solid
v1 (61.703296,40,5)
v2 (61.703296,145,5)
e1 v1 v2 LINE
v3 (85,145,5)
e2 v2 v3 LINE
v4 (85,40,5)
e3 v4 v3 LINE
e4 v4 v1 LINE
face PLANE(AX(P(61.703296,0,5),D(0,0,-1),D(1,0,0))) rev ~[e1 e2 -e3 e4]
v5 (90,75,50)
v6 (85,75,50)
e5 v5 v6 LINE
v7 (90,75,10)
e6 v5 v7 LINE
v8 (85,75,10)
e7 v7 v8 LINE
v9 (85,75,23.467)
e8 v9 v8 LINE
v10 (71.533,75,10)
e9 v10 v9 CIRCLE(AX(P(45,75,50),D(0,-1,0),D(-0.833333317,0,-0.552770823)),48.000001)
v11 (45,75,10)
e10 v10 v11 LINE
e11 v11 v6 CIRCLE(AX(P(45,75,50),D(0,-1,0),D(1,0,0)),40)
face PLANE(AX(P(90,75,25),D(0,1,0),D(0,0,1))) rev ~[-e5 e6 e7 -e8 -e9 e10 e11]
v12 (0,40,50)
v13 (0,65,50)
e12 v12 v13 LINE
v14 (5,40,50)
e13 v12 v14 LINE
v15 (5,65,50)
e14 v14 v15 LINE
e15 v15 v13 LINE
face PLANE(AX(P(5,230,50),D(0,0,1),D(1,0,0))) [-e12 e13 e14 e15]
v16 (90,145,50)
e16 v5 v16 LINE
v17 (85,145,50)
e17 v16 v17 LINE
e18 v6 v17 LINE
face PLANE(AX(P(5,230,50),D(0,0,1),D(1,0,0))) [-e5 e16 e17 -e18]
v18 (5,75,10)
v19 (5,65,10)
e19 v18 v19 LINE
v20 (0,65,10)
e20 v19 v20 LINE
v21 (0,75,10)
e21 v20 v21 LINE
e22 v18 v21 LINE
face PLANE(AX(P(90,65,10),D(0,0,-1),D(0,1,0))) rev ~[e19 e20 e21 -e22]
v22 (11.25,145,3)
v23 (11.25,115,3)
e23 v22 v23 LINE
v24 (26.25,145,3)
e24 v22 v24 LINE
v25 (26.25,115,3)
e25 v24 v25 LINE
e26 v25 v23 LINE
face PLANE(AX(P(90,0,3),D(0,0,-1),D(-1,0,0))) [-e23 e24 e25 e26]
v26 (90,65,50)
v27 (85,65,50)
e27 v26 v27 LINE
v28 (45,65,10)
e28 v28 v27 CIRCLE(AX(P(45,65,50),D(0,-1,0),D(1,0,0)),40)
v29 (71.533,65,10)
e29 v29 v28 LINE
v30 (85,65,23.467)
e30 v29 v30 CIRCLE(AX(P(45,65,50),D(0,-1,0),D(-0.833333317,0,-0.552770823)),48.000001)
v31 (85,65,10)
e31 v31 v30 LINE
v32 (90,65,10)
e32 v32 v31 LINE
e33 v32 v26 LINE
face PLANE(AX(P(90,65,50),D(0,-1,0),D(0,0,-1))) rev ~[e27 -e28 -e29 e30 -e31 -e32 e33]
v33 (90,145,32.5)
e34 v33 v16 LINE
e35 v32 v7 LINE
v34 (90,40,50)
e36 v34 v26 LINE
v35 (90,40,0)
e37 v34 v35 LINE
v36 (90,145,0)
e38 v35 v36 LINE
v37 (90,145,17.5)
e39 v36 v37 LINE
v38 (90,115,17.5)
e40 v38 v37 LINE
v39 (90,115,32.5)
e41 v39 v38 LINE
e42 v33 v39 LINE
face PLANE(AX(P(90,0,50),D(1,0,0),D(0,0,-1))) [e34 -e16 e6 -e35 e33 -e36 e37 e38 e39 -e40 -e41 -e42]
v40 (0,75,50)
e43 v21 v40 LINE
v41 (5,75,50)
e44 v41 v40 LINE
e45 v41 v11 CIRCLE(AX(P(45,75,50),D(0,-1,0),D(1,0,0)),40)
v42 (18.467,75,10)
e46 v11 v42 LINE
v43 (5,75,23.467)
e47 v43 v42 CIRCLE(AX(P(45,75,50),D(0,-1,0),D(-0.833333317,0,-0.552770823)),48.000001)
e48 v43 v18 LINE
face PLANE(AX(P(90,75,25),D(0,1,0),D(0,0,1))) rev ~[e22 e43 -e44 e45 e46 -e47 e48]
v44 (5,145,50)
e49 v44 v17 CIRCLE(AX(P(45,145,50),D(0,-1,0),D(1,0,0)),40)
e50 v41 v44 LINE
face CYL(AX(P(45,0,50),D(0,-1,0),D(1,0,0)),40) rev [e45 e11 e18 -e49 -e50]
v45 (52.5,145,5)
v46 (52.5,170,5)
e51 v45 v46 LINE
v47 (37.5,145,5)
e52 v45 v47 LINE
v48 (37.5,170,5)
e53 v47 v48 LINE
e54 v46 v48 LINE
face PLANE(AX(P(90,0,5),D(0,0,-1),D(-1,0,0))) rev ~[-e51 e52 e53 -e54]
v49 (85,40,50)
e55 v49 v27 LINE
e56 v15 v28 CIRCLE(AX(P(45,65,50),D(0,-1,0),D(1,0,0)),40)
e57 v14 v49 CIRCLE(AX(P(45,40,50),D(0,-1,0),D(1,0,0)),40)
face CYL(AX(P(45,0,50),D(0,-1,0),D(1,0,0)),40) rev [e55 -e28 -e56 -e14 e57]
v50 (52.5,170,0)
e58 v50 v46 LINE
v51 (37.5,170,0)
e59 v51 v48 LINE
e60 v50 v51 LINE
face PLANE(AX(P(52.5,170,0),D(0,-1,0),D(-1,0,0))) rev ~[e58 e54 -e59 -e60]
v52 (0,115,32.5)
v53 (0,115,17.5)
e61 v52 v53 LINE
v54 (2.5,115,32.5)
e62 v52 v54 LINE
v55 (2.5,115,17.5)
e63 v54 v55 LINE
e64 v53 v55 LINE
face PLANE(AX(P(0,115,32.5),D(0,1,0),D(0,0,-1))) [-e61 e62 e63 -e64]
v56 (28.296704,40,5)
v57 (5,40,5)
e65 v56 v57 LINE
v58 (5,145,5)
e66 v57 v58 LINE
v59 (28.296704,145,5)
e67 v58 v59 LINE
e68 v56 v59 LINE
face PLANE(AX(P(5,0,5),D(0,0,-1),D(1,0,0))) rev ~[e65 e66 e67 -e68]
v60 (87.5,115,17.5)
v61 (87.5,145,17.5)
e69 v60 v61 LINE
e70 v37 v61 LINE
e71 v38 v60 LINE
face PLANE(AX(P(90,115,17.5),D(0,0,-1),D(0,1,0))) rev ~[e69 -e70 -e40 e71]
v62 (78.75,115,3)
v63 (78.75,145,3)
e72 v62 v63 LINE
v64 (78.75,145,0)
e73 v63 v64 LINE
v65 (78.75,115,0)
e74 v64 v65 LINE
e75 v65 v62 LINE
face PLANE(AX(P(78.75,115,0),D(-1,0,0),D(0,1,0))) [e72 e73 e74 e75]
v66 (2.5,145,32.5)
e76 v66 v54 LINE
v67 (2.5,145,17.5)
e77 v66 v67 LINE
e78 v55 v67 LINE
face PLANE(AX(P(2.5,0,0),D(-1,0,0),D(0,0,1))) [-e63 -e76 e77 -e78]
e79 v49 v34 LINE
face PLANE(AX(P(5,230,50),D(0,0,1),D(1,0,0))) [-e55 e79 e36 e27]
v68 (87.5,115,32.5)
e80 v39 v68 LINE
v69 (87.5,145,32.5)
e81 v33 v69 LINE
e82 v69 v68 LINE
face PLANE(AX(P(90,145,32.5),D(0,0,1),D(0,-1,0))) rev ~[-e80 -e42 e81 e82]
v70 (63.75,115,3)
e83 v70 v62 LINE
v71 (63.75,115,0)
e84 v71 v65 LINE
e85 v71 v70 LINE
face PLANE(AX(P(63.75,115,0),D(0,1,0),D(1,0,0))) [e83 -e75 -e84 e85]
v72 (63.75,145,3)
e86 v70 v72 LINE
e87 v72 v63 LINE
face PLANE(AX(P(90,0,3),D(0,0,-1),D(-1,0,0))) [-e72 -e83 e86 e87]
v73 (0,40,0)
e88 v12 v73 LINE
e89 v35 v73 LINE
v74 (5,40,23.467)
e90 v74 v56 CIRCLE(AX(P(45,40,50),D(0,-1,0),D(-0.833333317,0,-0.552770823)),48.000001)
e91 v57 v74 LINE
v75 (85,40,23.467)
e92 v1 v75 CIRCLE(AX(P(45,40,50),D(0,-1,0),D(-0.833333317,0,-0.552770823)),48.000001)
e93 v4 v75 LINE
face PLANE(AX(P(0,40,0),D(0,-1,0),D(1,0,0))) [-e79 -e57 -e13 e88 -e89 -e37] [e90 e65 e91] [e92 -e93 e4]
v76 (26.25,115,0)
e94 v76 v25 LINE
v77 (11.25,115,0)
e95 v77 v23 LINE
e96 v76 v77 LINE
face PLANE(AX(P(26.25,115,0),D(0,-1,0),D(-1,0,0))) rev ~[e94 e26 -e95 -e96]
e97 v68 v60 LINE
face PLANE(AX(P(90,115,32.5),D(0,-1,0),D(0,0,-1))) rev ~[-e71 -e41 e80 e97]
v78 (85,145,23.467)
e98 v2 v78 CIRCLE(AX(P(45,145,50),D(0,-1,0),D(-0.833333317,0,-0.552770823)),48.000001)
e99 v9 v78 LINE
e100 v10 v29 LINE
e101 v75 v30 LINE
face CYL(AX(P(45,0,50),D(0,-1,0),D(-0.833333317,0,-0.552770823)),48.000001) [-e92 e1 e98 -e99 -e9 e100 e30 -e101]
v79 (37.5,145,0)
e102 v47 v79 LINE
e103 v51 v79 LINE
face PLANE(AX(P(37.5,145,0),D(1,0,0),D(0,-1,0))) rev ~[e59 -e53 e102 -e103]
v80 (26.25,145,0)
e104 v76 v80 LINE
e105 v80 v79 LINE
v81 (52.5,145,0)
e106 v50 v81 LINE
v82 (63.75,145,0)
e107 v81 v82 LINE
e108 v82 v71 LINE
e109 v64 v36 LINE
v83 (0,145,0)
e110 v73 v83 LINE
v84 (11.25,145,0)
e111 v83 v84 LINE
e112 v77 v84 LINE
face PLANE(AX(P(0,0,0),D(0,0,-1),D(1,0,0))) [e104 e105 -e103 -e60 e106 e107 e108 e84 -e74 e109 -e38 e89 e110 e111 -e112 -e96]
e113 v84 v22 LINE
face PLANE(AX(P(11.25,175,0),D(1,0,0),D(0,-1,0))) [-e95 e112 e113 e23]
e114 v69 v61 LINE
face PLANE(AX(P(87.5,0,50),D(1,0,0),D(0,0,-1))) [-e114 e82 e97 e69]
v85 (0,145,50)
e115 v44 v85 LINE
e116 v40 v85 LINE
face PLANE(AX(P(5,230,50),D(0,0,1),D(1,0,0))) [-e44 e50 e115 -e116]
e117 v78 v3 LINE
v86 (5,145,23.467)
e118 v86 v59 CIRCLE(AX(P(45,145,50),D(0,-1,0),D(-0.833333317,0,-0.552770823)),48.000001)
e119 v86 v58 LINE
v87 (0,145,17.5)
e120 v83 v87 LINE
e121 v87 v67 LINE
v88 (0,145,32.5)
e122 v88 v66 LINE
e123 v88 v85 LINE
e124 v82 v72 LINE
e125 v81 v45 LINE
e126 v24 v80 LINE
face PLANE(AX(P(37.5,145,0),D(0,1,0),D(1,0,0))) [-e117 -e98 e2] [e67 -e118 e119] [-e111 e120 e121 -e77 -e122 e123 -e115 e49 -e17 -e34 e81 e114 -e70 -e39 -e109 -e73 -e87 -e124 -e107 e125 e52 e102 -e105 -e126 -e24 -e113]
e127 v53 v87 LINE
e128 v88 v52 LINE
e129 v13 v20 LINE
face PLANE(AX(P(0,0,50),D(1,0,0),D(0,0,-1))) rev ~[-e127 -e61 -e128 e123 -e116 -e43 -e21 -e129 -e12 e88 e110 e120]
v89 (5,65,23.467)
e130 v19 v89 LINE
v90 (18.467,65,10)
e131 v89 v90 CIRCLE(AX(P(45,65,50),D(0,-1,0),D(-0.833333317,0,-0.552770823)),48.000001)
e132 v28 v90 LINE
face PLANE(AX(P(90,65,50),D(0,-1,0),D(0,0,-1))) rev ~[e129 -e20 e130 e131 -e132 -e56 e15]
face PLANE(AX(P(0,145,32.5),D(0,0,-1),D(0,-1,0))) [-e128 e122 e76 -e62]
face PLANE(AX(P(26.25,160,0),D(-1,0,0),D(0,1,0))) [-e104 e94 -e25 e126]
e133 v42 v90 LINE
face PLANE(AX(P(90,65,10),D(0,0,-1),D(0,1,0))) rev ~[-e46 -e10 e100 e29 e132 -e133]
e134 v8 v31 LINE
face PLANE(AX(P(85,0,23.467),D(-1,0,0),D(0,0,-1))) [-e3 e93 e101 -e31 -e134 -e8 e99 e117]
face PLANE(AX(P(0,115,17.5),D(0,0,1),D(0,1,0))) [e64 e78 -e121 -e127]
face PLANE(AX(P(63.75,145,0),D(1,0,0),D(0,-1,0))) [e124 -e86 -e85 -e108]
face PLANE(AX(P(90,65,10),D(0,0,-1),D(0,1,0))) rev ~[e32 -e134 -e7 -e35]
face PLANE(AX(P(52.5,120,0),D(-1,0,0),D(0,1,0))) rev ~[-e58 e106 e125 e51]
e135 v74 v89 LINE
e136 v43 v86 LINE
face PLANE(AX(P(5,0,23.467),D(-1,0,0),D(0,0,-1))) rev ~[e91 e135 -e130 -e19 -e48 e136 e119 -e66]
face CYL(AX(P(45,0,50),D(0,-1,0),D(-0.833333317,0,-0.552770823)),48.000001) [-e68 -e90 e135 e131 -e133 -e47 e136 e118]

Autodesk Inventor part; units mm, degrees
ref_plane "YZ Plane" through (0, 0, 0) normal (1, 0, 0) x (0, 1, 0)
ref_plane "XZ Plane" through (0, 0, 0) normal (0, 1, 0) x (-1, 0, 0)
ref_plane "XY Plane" through (0, 0, 0) normal (0, 0, 1) x (1, 0, 0)
sketch "スケッチ1" plane through (0, 0, 0) normal (0, 1, 0) x (-1, 0, 0)
  line L0 (0, 0) -> (-90, 0)
  line L1 (-90, 0) -> (-90, 50)
  line L2 (0, 50) -> (0, 0)
  line L3 (0, 0) -> (-5, 0)
  line L4 (-5, 0) -> (-5, 50)
  line L5 (-5, 0) -> (-90, 0)
  line L6 (-90, 0) -> (-85, 0)
  line L7 (-85, 0) -> (-85, 50)
  arc A0 (-85, 50) -> (-5, 50) centre (-45, 50) ccw
  line L8 (0, 0) -> (0, 10)
  line L9 (0, 10) -> (-90, 10)
  circle A1 centre (-45, 50) radius 45
  line L10 (-90, 5) -> (0, 5)
  line L11 (-90, 50) -> (-85, 50)
  line L12 (-5, 50) -> (0, 50)
  line L13 (0, 0) -> (-90, 0)
  line L14 (-90, 0) -> (-90, 5)
  line L15 (-90, 5) -> (0, 5)
  line L16 (0, 5) -> (0, 0)
  dimension "d0" = 90
  dimension "d1" = 50
  dimension "d2" = 5
  dimension "d3" = 85
  dimension "d4" = 5
  dimension "d5" = 80
  dimension "d6" = 10
  dimension "d7" = 90
extrude "押し出し1" add sketch "スケッチ1" along normal blind 230 contours L0 L4 L10 L2 | L0 L7 L10 L4 | L10 L4 L9 L2 | L0 L1 L10 L7 | L10 A1 L9 L4 | L9 L4 A1 L2 | L10 L1 L9 L7 | L7 L9 A1 L10 | L9 A1 L4 | A1 L9 | A1 L4 L12 | L9 L1 A1 L7 | L7 A1 L9 | A1 L9 A0 L4 | A1 L7 A0 L9 | L11 L7 A1
sketch "スケッチ2" plane through (0, 0, 0) normal (0, -1, 0) x (1, 0, 0)
  line L0 (0, 0) -> (0, 50) projected
  line L1 (90, 0) -> (0, 0) projected
  line L2 (90, 50) -> (90, 0) projected
  line L3 (85, 50) -> (90, 50) projected
  arc A0 (5, 50) -> (85, 50) centre (45, 50) ccw projected
  line L4 (0, 50) -> (5, 50) projected
  arc A1 (5, 23.467) -> (85, 23.467) centre (45, 50) ccw
  line L5 (0, 5) -> (90, 5)
  line L6 (5, 23.467) -> (5, 5)
  line L7 (85, 23.467) -> (85, 5)
  dimension "d29" = 48
extrude "押し出し2" cut sketch "スケッチ2" against normal blind 225 contours L6 A1 L5 | L5 A1 L7
sketch "スケッチ3" plane through (0, 230, 0) normal (0, 1, 0) x (1, 0, 0)
  arc A0 (85, -50) -> (5, -50) centre (45, -50) ccw projected
  line L0 (90, -50) -> (90, 0) projected
  line L1 (0, -50) -> (5, -50) projected
  arc A1 (85, -50) -> (5, -50) centre (45, -50) ccw
  line L2 (5, -50) -> (85, -50)
extrude "押し出し3" add sketch "スケッチ3" against normal blind 5
sketch "スケッチ4" plane through (90, 0, 50) normal (1, 0, 0) x (0, 0, -1)
  line L0 (0, 0) -> (50, 0) projected
  line L1 (0, 0) -> (0, 230) projected
  line L2 (25, 0) -> (25, 65)
  line L3 (25, 65) -> (25, 75)
  line L4 (25, 75) -> (25, 215)
  line L5 (25, 215) -> (25, 225)
  line L6 (0, 65) -> (40, 65)
  line L7 (40, 65) -> (40, 75)
  line L8 (40, 75) -> (0, 75)
  line L9 (0, 75) -> (0, 65)
  line L10 (0, 215) -> (40, 215)
  line L11 (40, 215) -> (40, 225)
  line L12 (40, 225) -> (0, 225)
  line L13 (0, 225) -> (0, 215)
  dimension "d16" = 65
  dimension "d17" = 10
  dimension "d18" = 140
  dimension "d19" = 10
  dimension "d20" = 40
extrude "押し出し4" cut sketch "スケッチ4" against normal blind 90 contours L1 L8 L3 L6 | L3 L8 L7 L6 | L1 L12 L5 L10 | L5 L12 L11 L10
sketch "スケッチ6" plane through (90, 0, 50) normal (1, 0, 0) x (0, 0, -1)
  line L0 (0, 230) -> (50, 230) projected
  line L1 (50, 230) -> (37.5, 251.6506)
  line L2 (50, 230) -> (110, 230) construction
  line L3 (0, 230) -> (37.5, 251.6506)
  line L4 (0, 230) -> (43.3013, 230) construction
  dimension "d32" = 120
  dimension "d33" = 30
extrude "押し出し6" add sketch "スケッチ6" against normal blind 90
sketch "スケッチ9" plane through (0, 0, 0) normal (-1, 0, 0) x (0, 0, 1)
  line L0 (10, 225) -> (50, 225) projected
  line L1 (50, 225) -> (50, 230) projected
  line L2 (50, 230) -> (12.5, 251.6506) projected
  line L3 (12.5, 251.6506) -> (0, 230) projected
  line L4 (0, 0) -> (0, 230) projected
  line L5 (0, 0) -> (50, 0) projected
  line L6 (50, 0) -> (50, 65) projected
  line L7 (50, 65) -> (10, 65) projected
  line L8 (10, 65) -> (10, 75) projected
  line L9 (10, 75) -> (50, 75) projected
  line L10 (50, 75) -> (50, 215) projected
  line L11 (50, 215) -> (10, 215) projected
  line L12 (10, 215) -> (10, 225) projected
  line L13 (12.5, 251.6506) -> (0, 230)
  line L14 (0, 230) -> (-132.7906, 0)
  line L15 (0, 145) -> (-49.0748, 145)
  line L16 (0, 115) -> (-66.3953, 115)
  dimension "d45" = 30
sketch "スケッチ10" plane through (0, 0, 0) normal (-1, 0, 0) x (0, 0, 1)
  line L0 (10, 225) -> (50, 225) projected
  line L1 (50, 225) -> (50, 230) projected
  line L2 (50, 230) -> (12.5, 251.6506) projected
  line L3 (12.5, 251.6506) -> (0, 230) projected
  line L4 (0, 0) -> (0, 230) projected
  line L5 (0, 0) -> (50, 0) projected
  line L6 (50, 0) -> (50, 65) projected
  line L7 (50, 65) -> (10, 65) projected
  line L8 (10, 65) -> (10, 75) projected
  line L9 (10, 75) -> (50, 75) projected
  line L10 (50, 75) -> (50, 215) projected
  line L11 (50, 215) -> (10, 215) projected
  line L12 (10, 215) -> (10, 225) projected
  line L13 (12.5, 251.6506) -> (-87.5, 78.4456)
  line L14 (-87.5, 78.4456) -> (50, 0)
sketch "スケッチ11" plane through (90, 230, 0) normal (0, 0.5, -0.866) x (-1, 0, 0)
  line L0 (0, 25) -> (90, 25) projected
  line L1 (45, 25) -> (45, 15)
  line L2 (45, 15) -> (60, 15)
  line L3 (60, 15) -> (30, 15)
  point P0 (90, -199.1858)
  dimension "d49" = 10
  dimension "d50" = 15
  dimension "d51" = 30
hole "穴1" at (45, 242.9904, 7.5) at (30, 242.9904, 7.5) at (60, 242.9904, 7.5) direction (0, -0.5, 0.866) diameter 2.5 depth 8 tip angle 118
sketch "スケッチ12" plane through (90, 0, 50) normal (1, 0, 0) x (0, 0, -1)
  line L0 (50, 0) -> (50, 230) projected
  line L1 (40, 225) -> (40, 215) projected
  line L2 (0, 215) -> (0, 75)
  line L3 (0, 145) -> (50, 145)
  line L4 (32.5, 175) -> (17.5, 175)
  line L5 (17.5, 175) -> (17.5, 115)
  line L6 (17.5, 115) -> (32.5, 115)
  line L7 (32.5, 115) -> (32.5, 175)
  line L8 (32.5, 175) -> (17.5, 115) construction
  line L9 (17.5, 175) -> (32.5, 115) construction
  line L10 (17.5, 145) -> (32.5, 145)
  line L11 (32.5, 145) -> (32.5, 115)
  line L12 (32.5, 115) -> (17.5, 115)
  line L13 (17.5, 115) -> (17.5, 145)
  point P0 (25, 145)
  dimension "d59" = 15
  dimension "d60" = 60
extrude "押し出し8" cut sketch "スケッチ12" against normal blind 2.5 contours L3 L7 L6 L5
sketch "スケッチ13" plane through (0, 0, 0) normal (-1, 0, 0) x (0, 0, 1)
  line L0 (0, 0) -> (0, 230) projected
  line L1 (50, 75) -> (50, 215) projected
  line L2 (50, 145) -> (0, 145)
  line L3 (17.5, 175) -> (32.5, 175)
  line L4 (32.5, 175) -> (32.5, 115)
  line L5 (32.5, 115) -> (17.5, 115)
  line L6 (17.5, 115) -> (17.5, 175)
  line L7 (17.5, 175) -> (32.5, 115) construction
  line L8 (32.5, 175) -> (17.5, 115) construction
  line L9 (17.5, 145) -> (32.5, 145)
  line L10 (32.5, 145) -> (32.5, 115)
  line L11 (32.5, 115) -> (17.5, 115)
  line L12 (17.5, 115) -> (17.5, 145)
  point P0 (25, 145)
  dimension "d63" = 15
  dimension "d64" = 60
extrude "押し出し9" cut sketch "スケッチ13" against normal blind 2.5 contours L4 L5 L6 L2
sketch "スケッチ14" plane through (90, 0, 0) normal (0, 0, -1) x (-1, 0, 0)
  line L0 (90, 0) -> (90, 230) projected
  line L1 (0, 0) -> (0, 230) projected
  line L2 (0, 145) -> (90, 145)
  line L3 (37.5, 175) -> (52.5, 175)
  line L4 (52.5, 175) -> (52.5, 115)
  line L5 (52.5, 115) -> (37.5, 115)
  line L6 (37.5, 115) -> (37.5, 175)
  line L7 (37.5, 175) -> (52.5, 115) construction
  line L8 (52.5, 175) -> (37.5, 115) construction
  line L9 (37.5, 145) -> (52.5, 145)
  line L10 (52.5, 145) -> (52.5, 175)
  line L11 (52.5, 175) -> (37.5, 175)
  line L12 (37.5, 175) -> (37.5, 145)
  point P0 (45, 145)
  dimension "d67" = 15
  dimension "d70" = 30
extrude "押し出し10" cut sketch "スケッチ14" against normal blind 2.5 contours L6 L3 L4 L2
sketch "スケッチ16" plane through (90, 0, 0) normal (0, 0, -1) x (-1, 0, 0)
  line L0 (52.5, 175) -> (52.5, 145) projected
  line L1 (52.5, 145) -> (37.5, 145) projected
  line L2 (37.5, 145) -> (37.5, 175) projected
  line L3 (90, 0) -> (90, 230) projected
  line L4 (0, 0) -> (0, 230) projected
  line L5 (0, 145) -> (90, 145)
  line L6 (0, 160) -> (37.5, 160)
  line L7 (52.5, 160) -> (90, 160)
  line L8 (18.75, 160) -> (18.75, 145)
  line L9 (71.25, 145) -> (71.25, 160)
  line L10 (11.25, 175) -> (26.25, 175)
  line L11 (26.25, 175) -> (26.25, 115)
  line L12 (26.25, 115) -> (11.25, 115)
  line L13 (11.25, 115) -> (11.25, 175)
  line L14 (11.25, 175) -> (26.25, 115) construction
  line L15 (26.25, 175) -> (11.25, 115) construction
  line L16 (11.25, 115) -> (26.25, 115)
  line L17 (26.25, 115) -> (26.25, 175)
  line L18 (26.25, 175) -> (11.25, 175)
  line L19 (11.25, 175) -> (11.25, 115)
  line L20 (45, 145) -> (45, 125)
  line L21 (78.75, 175) -> (63.75, 175)
  line L22 (63.75, 115) -> (78.75, 115)
  line L23 (78.75, 175) -> (78.75, 115)
  line L24 (63.75, 115) -> (63.75, 175)
  line L25 (63.75, 175) -> (78.75, 175)
  line L26 (78.75, 175) -> (78.75, 115)
  line L27 (78.75, 115) -> (63.75, 115)
  line L28 (63.75, 115) -> (63.75, 175)
  line L29 (11.25, 115) -> (26.25, 115)
  line L30 (26.25, 115) -> (26.25, 175)
  line L31 (26.25, 175) -> (11.25, 175)
  line L32 (11.25, 175) -> (11.25, 115)
  dimension "d71" = 15
  dimension "d72" = 60
  dimension "d73" = 20
extrude "押し出し11" cut sketch "スケッチ16" against normal blind 3 contours L24 L21 L23 L7 | L7 L9 L5 L24 | L5 L23 L22 L24 | L7 L23 L5 L9 | L11 L12 L13 L5 | L5 L8 L6 L11 | L6 L13 L10 L11 | L5 L13 L6 L8
sketch "スケッチ17" plane through (37.5, 145, 0) normal (0, 1, 0) x (1, 0, 0)
  line L0 (-57.7643, 16.522) -> (69.053, 16.522)
  line L1 (69.053, 16.522) -> (69.053, -65.9751)
  line L2 (69.053, -65.9751) -> (-57.7643, -65.9751)
  line L3 (-57.7643, -65.9751) -> (-57.7643, 16.522)
  point P0 (-37.5, 0)
extrude "押し出し12" cut sketch "スケッチ17" along normal blind 120
sketch "スケッチ18" plane through (90, 0, 0) normal (0, 0, -1) x (-1, 0, 0)
  line L0 (63.75, 145) -> (26.25, 145) projected
  line L1 (37.5, 170) -> (52.5, 170)
  line L2 (52.5, 170) -> (52.5, 120)
  line L3 (52.5, 120) -> (37.5, 120)
  line L4 (37.5, 120) -> (37.5, 170)
  line L5 (37.5, 170) -> (52.5, 120) construction
  line L6 (52.5, 170) -> (37.5, 120) construction
  point P0 (45, 145)
  dimension "d78" = 15
  dimension "d79" = 50
extrude "押し出し13" add sketch "スケッチ18" against normal blind 5
sketch "スケッチ19" plane through (0, 0, 0) normal (0, -1, 0) x (1, 0, 0)
  line L0 (0, 0) -> (0, 50) projected
  line L1 (90, 0) -> (0, 0) projected
  line L2 (90, 50) -> (90, 0) projected
  line L3 (85, 50) -> (90, 50) projected
  arc A0 (5, 50) -> (85, 50) centre (45, 50) ccw projected
  line L4 (0, 50) -> (5, 50) projected
  line L5 (-25.7833, 110.7871) -> (115.7833, 110.7871)
  line L6 (115.7833, 110.7871) -> (115.7833, -10.7871)
  line L7 (115.7833, -10.7871) -> (-25.7833, -10.7871)
  line L8 (-25.7833, -10.7871) -> (-25.7833, 110.7871)
  line L9 (-25.7833, 110.7871) -> (115.7833, -10.7871) construction
  line L10 (115.7833, 110.7871) -> (-25.7833, -10.7871) construction
extrude "押し出し14" cut sketch "スケッチ19" against normal blind 40 contours L0 L4 A0 L3 L2 L1 | L5 L6 L7 L8
properties part number "知能ロボコン発射台２.2" material "ABS プラスチック"
